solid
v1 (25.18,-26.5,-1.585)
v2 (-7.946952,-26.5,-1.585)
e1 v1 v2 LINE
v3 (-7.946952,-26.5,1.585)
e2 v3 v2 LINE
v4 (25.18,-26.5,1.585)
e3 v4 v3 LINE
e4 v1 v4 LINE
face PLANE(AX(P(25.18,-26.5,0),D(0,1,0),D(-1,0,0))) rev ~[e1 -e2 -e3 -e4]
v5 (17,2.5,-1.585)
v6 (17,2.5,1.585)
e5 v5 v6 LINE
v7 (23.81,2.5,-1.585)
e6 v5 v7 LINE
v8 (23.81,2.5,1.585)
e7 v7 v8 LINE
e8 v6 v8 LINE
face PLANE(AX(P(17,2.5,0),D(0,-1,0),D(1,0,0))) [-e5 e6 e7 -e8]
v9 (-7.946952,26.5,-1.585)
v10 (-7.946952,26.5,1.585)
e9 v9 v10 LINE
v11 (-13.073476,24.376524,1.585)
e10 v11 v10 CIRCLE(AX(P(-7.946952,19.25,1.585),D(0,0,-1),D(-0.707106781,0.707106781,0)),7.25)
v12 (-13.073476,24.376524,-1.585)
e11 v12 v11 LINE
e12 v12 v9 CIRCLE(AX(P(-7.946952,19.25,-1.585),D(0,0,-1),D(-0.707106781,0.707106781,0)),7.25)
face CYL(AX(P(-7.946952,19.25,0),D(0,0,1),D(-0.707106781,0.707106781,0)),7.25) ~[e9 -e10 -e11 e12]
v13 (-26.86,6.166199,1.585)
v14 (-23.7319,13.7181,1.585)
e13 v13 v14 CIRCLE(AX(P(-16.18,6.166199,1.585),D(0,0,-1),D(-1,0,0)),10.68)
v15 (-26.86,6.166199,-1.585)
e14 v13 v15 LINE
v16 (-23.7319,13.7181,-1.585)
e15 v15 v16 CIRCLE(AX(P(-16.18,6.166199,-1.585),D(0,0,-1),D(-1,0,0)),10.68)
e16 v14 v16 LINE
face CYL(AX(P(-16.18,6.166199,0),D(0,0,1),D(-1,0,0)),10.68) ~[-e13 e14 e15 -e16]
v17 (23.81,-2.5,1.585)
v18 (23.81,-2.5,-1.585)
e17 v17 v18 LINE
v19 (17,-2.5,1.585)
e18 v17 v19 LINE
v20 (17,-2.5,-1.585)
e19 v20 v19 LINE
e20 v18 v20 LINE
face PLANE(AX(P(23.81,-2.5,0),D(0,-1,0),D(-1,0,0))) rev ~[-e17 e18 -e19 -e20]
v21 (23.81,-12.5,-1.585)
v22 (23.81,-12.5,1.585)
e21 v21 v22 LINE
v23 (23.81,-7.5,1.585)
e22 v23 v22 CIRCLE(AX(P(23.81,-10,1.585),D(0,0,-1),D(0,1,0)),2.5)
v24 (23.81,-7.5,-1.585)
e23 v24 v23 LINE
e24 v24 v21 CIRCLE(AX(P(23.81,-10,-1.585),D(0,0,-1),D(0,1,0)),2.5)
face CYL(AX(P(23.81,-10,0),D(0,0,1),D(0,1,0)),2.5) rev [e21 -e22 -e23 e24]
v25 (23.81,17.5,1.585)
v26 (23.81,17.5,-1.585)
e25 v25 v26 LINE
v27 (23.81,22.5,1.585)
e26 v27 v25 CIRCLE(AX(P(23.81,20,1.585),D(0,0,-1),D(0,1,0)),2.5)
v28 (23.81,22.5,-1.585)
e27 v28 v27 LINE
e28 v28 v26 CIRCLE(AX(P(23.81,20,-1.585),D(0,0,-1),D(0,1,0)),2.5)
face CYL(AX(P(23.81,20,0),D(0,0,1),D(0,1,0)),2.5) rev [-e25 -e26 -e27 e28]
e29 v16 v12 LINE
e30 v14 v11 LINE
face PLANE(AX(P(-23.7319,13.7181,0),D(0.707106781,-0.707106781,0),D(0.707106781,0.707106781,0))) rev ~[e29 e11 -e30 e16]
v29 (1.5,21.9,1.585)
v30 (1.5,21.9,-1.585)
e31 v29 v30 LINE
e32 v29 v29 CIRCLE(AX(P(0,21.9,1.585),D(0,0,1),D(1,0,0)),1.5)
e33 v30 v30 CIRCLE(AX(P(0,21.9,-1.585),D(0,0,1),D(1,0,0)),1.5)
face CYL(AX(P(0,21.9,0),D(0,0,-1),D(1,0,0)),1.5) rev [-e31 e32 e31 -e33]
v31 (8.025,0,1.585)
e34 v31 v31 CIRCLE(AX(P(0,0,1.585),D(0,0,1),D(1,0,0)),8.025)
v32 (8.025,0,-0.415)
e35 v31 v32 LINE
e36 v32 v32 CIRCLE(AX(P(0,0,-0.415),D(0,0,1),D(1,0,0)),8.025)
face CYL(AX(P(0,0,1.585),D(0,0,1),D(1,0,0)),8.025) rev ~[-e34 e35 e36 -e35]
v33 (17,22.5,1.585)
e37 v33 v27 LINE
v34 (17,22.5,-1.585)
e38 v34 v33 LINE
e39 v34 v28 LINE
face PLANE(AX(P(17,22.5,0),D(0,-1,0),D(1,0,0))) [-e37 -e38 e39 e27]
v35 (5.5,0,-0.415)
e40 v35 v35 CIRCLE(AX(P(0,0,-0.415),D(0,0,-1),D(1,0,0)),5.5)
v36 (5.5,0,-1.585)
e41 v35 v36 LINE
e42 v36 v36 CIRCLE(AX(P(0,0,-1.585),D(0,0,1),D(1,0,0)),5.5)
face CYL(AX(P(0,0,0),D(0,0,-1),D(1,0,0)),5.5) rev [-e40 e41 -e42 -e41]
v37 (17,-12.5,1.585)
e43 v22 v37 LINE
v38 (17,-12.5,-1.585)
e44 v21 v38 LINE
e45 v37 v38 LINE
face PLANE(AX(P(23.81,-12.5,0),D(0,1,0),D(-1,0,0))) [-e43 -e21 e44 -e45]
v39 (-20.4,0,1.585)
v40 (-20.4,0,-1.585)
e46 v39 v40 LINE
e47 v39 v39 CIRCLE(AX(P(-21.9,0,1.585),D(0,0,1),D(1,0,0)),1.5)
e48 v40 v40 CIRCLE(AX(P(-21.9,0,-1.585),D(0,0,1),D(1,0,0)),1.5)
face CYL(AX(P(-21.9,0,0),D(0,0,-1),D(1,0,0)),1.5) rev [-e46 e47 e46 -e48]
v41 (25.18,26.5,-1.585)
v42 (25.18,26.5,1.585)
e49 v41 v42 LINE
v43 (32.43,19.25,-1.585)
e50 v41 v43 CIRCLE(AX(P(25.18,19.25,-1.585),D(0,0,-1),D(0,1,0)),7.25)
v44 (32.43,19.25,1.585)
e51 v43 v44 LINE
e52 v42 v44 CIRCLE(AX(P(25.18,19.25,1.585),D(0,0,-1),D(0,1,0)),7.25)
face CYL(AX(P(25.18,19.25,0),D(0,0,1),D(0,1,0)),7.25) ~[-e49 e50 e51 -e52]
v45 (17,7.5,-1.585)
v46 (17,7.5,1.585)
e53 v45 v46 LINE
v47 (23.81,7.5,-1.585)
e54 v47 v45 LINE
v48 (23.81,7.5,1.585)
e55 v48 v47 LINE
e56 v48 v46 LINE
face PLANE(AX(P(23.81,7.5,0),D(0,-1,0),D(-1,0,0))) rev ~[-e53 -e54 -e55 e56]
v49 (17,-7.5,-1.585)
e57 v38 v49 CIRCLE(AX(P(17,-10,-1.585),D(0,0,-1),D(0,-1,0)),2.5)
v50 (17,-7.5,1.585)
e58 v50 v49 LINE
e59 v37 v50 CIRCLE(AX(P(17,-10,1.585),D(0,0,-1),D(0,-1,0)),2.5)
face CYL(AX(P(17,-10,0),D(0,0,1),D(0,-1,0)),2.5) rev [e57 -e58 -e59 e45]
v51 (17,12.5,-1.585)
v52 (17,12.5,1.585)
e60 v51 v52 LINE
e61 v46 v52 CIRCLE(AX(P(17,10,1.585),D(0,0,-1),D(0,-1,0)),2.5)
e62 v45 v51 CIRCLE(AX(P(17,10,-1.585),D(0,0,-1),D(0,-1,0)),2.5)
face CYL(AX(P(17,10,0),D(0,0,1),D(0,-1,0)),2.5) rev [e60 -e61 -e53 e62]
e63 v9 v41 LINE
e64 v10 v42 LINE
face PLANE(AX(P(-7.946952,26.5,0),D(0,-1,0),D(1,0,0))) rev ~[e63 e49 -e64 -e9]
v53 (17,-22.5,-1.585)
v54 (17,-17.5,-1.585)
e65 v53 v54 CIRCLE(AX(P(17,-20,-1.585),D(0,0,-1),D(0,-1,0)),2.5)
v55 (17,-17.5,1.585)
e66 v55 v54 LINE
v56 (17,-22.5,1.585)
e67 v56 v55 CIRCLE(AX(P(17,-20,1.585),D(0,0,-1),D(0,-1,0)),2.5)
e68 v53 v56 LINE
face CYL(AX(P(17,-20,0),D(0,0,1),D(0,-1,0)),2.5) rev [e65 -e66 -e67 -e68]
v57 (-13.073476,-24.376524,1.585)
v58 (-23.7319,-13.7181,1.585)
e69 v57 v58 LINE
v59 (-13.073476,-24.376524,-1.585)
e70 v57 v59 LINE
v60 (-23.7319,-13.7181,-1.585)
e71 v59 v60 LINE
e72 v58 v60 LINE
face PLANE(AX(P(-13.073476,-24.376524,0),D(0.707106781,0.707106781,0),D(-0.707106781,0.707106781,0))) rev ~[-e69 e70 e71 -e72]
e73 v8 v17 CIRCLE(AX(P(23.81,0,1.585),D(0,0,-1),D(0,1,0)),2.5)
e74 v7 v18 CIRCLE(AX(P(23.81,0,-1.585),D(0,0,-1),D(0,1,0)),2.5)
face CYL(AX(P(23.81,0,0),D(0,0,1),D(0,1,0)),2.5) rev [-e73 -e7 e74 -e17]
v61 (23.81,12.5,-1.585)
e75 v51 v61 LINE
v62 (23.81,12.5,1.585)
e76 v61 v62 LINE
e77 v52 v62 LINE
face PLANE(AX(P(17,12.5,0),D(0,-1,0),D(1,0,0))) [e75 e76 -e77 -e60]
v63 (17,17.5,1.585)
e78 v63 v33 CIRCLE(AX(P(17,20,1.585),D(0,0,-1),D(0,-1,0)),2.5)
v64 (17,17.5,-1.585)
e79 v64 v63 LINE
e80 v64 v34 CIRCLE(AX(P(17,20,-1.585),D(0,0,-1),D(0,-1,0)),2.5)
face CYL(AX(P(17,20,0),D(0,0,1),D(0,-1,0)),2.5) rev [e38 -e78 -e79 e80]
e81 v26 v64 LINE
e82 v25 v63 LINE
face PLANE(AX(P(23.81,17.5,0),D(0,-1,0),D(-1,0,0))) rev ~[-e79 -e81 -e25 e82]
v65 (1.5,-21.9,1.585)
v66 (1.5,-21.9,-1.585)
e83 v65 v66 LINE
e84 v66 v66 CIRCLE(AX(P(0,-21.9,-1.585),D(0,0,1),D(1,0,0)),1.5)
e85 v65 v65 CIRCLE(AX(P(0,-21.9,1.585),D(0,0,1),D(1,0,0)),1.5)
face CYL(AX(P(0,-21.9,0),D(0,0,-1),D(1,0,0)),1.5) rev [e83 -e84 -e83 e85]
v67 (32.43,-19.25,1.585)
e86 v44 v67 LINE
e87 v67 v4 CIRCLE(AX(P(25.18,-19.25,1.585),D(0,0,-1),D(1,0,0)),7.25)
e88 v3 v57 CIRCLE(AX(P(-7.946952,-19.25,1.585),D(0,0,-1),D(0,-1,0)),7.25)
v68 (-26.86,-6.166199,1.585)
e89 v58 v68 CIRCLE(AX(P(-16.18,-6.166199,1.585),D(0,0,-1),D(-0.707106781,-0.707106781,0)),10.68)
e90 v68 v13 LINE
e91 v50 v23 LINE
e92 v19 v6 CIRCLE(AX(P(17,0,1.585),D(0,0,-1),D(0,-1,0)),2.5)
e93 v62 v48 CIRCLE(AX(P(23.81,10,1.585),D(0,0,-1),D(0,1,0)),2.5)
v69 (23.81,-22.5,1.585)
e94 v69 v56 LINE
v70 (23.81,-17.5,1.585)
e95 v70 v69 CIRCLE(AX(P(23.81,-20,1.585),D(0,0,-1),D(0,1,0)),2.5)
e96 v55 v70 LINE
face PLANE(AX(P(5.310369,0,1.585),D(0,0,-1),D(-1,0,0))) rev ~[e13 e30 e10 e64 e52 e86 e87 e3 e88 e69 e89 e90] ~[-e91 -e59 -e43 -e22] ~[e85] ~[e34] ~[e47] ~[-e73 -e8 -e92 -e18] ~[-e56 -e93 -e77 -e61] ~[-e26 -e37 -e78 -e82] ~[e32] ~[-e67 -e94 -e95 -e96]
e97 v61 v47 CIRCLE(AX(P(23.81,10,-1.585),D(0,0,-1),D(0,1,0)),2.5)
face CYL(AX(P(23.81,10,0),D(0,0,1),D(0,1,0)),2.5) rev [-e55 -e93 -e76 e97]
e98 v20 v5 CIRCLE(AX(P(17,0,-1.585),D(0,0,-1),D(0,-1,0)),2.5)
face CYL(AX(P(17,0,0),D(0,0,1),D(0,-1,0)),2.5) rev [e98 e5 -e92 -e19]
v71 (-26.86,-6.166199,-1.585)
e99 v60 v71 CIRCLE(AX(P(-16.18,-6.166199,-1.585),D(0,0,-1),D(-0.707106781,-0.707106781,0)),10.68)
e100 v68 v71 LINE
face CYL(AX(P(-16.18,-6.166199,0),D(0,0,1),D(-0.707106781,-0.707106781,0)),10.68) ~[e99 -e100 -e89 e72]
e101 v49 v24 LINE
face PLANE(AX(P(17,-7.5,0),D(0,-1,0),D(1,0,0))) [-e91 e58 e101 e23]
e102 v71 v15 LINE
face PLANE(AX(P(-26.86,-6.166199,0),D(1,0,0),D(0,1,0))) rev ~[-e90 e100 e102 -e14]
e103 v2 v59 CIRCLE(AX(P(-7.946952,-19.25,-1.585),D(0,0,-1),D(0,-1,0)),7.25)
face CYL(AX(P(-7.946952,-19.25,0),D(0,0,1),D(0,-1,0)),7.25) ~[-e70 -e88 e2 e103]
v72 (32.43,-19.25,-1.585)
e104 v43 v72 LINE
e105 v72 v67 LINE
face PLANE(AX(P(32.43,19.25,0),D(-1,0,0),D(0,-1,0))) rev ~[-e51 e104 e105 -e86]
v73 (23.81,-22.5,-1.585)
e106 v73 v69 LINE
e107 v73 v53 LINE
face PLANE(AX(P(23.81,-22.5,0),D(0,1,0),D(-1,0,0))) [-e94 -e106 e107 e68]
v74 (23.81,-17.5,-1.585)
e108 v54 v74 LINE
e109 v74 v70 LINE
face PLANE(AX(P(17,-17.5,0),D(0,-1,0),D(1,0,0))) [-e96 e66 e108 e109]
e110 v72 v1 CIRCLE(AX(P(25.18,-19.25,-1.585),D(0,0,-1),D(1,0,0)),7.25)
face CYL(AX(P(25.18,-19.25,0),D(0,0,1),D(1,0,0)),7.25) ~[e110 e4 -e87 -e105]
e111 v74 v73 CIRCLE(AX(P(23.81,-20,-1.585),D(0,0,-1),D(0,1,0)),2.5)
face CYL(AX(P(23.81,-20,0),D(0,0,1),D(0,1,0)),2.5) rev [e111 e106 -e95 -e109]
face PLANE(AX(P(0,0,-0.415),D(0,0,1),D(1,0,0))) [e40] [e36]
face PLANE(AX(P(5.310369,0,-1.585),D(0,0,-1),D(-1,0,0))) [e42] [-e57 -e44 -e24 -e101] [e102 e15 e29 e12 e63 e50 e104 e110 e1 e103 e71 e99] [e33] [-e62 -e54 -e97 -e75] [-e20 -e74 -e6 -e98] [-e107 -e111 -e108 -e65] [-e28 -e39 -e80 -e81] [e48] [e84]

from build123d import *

# Parameters (mm, degrees)
SKETCH1_R           = 5.5
SKETCH1_R_2         = 1.5
BOSS_EXTRUDE1_DEPTH = 1.585
SKETCH3_R           = 8.025
CUT_EXTRUDE1_DEPTH  = 2


with BuildPart() as part:
    # Sketch1 → Boss-Extrude1 (new body, symmetric)
    with BuildSketch(Plane.XY):
        with BuildLine():
            Line((25.18, -26.5), (-7.946951673, -26.5))
            ThreePointArc((-7.946951673, -26.5), (-10.721406557, -25.948126611), (-13.073475836, -24.376524164))
            Line((-13.073475836, -24.376524164), (-23.731900423, -13.718099577))
            ThreePointArc((-23.731900423, -13.718099577), (-26.047033407, -10.253258212), (-26.86, -6.166199154))
            Line((-26.86, -6.166199154), (-26.86, 6.166199154))
            ThreePointArc((-26.86, 6.166199154), (-26.047033407, 10.253258212), (-23.731900423, 13.718099577))
            Line((-23.731900423, 13.718099577), (-13.073475836, 24.376524164))
            ThreePointArc((-13.073475836, 24.376524164), (-10.721406557, 25.948126611), (-7.946951673, 26.5))
            Line((-7.946951673, 26.5), (25.18, 26.5))
            ThreePointArc((25.18, 26.5), (30.306524164, 24.376524164), (32.43, 19.25))
            Line((32.43, 19.25), (32.43, -19.25))
            ThreePointArc((32.43, -19.25), (30.306524164, -24.376524164), (25.18, -26.5))
        make_face()
        Circle(SKETCH1_R, mode=Mode.SUBTRACT)
        with Locations((0, 21.9)):
            Circle(SKETCH1_R_2, mode=Mode.SUBTRACT)
        with Locations((-21.9, 0)):
            Circle(SKETCH1_R_2, mode=Mode.SUBTRACT)
        with Locations((0, -21.9)):
            Circle(SKETCH1_R_2, mode=Mode.SUBTRACT)
        with BuildLine():
            Line((17, 22.5), (23.81, 22.5))
            ThreePointArc((23.81, 22.5), (26.31, 20), (23.81, 17.5))
            Line((23.81, 17.5), (17, 17.5))
            ThreePointArc((17, 17.5), (14.5, 20), (17, 22.5))
        make_face(mode=Mode.SUBTRACT)
        with BuildLine():
            Line((17, 12.5), (23.81, 12.5))
            ThreePointArc((23.81, 12.5), (26.31, 10), (23.81, 7.5))
            Line((23.81, 7.5), (17, 7.5))
            ThreePointArc((17, 7.5), (14.5, 10), (17, 12.5))
        make_face(mode=Mode.SUBTRACT)
        with BuildLine():
            Line((17, 2.5), (23.81, 2.5))
            ThreePointArc((23.81, 2.5), (26.31, 0), (23.81, -2.5))
            Line((23.81, -2.5), (17, -2.5))
            ThreePointArc((17, -2.5), (14.5, 0), (17, 2.5))
        make_face(mode=Mode.SUBTRACT)
        with BuildLine():
            Line((17, -7.5), (23.81, -7.5))
            ThreePointArc((23.81, -7.5), (26.31, -10), (23.81, -12.5))
            Line((23.81, -12.5), (17, -12.5))
            ThreePointArc((17, -12.5), (14.5, -10), (17, -7.5))
        make_face(mode=Mode.SUBTRACT)
        with BuildLine():
            Line((17, -17.5), (23.81, -17.5))
            ThreePointArc((23.81, -17.5), (26.31, -20), (23.81, -22.5))
            Line((23.81, -22.5), (17, -22.5))
            ThreePointArc((17, -22.5), (14.5, -20), (17, -17.5))
        make_face(mode=Mode.SUBTRACT)
    extrude(amount=BOSS_EXTRUDE1_DEPTH, both=True)

    # Sketch3 → Cut-Extrude1 (cut)
    with BuildSketch(Plane.XY.offset(1.585)):
        Circle(SKETCH3_R)
    extrude(amount=-CUT_EXTRUDE1_DEPTH, mode=Mode.SUBTRACT)


solid = part.part
